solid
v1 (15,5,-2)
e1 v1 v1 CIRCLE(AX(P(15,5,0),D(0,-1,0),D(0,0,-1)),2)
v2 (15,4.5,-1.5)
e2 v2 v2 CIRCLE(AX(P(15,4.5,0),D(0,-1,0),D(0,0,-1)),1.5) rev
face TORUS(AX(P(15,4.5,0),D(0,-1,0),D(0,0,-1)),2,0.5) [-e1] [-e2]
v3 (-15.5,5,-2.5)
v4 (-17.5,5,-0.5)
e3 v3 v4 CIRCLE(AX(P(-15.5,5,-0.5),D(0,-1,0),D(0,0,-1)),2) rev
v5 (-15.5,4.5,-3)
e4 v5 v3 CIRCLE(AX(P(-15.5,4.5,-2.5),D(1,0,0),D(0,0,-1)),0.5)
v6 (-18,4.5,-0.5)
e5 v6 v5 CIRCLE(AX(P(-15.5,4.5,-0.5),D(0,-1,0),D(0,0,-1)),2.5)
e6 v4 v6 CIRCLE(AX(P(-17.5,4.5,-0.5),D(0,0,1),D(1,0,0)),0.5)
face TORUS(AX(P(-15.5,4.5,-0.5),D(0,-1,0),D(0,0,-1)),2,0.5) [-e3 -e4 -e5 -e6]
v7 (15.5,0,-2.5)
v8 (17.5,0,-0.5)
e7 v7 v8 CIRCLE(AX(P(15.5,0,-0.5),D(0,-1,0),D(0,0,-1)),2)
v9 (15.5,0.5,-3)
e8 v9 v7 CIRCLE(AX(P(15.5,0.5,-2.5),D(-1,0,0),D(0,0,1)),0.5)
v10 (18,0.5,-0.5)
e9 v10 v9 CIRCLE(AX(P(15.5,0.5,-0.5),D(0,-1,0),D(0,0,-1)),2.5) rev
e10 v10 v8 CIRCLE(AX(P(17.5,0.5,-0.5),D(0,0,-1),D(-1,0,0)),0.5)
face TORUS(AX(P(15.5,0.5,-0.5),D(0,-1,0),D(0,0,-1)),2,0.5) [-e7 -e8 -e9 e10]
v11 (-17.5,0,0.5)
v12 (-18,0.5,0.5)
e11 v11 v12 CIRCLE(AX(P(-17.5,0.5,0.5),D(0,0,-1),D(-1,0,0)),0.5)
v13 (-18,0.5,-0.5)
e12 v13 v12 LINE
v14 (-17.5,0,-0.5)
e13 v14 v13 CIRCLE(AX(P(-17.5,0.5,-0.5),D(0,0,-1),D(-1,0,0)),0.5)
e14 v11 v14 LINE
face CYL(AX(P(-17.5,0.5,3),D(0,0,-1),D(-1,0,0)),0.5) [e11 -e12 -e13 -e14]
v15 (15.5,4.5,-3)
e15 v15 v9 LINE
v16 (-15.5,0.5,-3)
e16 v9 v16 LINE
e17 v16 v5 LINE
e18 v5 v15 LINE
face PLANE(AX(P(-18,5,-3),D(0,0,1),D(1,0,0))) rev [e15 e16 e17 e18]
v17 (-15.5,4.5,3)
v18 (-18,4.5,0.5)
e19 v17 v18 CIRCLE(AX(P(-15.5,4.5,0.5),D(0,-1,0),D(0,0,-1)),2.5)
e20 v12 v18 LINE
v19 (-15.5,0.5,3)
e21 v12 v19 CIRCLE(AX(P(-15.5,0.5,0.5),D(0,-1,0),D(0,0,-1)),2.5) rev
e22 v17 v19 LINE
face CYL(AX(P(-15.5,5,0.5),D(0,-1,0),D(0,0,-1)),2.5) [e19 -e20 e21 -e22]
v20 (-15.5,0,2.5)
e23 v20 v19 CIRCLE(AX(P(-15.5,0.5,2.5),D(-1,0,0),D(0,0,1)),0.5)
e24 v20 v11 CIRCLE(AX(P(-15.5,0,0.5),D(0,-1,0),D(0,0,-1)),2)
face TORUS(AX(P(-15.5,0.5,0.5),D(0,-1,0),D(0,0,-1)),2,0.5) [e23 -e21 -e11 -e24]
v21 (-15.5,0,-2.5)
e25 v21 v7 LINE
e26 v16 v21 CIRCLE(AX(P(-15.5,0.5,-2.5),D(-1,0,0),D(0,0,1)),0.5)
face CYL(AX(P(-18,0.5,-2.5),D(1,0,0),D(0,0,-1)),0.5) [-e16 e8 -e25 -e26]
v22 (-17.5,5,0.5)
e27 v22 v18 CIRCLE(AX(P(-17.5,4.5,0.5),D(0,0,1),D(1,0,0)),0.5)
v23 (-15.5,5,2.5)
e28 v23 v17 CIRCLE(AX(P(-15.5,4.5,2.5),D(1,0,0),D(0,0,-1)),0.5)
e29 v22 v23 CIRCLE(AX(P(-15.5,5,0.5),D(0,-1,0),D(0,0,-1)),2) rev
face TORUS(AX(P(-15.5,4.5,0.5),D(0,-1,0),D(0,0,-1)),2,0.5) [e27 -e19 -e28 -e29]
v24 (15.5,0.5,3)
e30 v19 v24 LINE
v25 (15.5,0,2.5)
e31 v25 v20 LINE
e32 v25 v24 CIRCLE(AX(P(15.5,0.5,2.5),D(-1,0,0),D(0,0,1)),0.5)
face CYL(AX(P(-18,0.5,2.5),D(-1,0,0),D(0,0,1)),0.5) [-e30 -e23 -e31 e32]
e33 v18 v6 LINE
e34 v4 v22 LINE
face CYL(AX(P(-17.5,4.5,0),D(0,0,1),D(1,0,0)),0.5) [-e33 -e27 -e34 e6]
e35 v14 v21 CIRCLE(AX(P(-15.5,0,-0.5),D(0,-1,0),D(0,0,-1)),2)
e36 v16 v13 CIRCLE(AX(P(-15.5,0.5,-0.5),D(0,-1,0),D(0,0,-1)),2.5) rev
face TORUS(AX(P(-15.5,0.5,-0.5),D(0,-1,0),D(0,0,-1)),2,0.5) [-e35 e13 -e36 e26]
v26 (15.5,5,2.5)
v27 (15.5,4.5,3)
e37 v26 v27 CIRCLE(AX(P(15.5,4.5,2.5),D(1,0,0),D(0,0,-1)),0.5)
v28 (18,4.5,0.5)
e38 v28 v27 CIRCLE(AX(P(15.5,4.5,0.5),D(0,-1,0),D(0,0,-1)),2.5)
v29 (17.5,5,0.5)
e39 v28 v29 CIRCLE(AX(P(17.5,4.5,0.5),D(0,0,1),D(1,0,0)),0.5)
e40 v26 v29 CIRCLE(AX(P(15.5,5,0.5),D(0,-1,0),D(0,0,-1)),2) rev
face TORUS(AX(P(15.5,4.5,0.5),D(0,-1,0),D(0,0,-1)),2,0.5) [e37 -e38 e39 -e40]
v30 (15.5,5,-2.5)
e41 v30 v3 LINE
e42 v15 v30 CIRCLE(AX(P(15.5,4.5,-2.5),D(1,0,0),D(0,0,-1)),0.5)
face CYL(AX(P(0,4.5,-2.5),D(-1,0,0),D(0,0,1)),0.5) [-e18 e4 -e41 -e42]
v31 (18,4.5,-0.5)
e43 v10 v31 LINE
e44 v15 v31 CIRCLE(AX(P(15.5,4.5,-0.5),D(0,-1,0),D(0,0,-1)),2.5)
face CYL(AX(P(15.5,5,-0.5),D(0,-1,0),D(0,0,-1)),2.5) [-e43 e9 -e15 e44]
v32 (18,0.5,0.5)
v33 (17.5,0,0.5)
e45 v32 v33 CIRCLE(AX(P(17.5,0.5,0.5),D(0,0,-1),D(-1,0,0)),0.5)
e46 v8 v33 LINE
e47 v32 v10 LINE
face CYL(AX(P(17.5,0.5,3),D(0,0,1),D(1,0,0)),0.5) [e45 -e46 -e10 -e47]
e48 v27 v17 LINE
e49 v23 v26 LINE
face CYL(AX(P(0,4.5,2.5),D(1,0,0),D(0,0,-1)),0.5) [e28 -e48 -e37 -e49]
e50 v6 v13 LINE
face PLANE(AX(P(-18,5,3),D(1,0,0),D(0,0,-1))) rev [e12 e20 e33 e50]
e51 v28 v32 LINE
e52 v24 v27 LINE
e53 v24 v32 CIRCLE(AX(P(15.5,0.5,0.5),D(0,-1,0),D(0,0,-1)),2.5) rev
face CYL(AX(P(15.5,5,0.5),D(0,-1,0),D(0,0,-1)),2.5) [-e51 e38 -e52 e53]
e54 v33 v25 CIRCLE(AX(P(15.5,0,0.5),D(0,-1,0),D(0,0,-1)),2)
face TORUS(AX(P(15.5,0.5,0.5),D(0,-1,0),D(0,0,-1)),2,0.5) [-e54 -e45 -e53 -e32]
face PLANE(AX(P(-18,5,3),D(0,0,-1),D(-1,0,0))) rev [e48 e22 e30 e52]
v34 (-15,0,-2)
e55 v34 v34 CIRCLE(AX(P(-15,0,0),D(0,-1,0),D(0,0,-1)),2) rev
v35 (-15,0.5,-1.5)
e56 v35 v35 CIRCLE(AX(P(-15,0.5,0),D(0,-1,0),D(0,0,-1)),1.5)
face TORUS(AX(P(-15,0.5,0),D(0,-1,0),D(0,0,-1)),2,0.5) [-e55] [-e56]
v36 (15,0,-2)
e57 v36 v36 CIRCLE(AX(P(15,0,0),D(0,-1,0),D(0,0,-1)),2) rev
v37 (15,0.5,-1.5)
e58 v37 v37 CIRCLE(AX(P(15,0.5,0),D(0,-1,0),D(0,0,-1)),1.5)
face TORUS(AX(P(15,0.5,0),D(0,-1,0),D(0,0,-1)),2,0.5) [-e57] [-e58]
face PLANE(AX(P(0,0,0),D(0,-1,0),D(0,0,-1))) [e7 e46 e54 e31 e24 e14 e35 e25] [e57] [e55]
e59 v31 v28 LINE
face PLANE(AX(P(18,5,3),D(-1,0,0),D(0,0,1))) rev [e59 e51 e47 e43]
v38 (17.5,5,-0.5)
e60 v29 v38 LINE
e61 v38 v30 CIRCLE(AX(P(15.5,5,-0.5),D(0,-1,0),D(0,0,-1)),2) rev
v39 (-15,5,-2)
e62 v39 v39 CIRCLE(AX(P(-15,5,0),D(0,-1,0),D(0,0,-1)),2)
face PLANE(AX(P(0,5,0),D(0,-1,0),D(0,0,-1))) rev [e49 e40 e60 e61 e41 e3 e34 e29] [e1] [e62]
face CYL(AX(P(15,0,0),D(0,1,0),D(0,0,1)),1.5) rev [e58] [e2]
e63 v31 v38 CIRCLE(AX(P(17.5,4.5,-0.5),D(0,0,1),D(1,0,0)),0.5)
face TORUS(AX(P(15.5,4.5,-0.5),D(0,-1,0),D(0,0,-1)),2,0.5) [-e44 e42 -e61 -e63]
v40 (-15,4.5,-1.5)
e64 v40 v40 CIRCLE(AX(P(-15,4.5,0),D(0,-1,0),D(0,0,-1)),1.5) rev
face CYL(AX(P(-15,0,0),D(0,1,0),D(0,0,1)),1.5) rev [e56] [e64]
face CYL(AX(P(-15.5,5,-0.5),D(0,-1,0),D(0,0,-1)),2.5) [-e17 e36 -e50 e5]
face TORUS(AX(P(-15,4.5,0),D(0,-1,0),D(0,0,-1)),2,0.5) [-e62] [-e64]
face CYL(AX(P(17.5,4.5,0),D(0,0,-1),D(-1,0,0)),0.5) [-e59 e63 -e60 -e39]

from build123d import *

# Parameters (mm, degrees)
SKETCH1_W           = 36
SKETCH1_H           = 6
BOSS_EXTRUDE1_DEPTH = 5
SKETCH2_R           = 1.5
CUT_EXTRUDE1_DEPTH  = 19.920887928
FILLET1_R           = 2.5
FILLET2_R           = 0.5


with BuildPart() as part:
    # Sketch1 → Boss-Extrude1 (new body)
    with BuildSketch(Plane(origin=(0, 0, 0), x_dir=(1, 0, 0), z_dir=(0, 1, 0))):
        Rectangle(SKETCH1_W, SKETCH1_H)
    extrude(amount=BOSS_EXTRUDE1_DEPTH)

    # Sketch2 → Cut-Extrude1 (cut, through all)
    with BuildSketch(Plane(origin=(0, 5, 0), x_dir=(1, 0, 0), z_dir=(0, 1, 0))):
        with Locations(Location((-15, 0, 0), (0, 0, 270))):
            Circle(SKETCH2_R)
        with Locations(Location((15, 0, 0), (0, 0, 270))):
            Circle(SKETCH2_R)
    extrude(amount=-CUT_EXTRUDE1_DEPTH, mode=Mode.SUBTRACT)

    # Fillet1
    fillet1_edges = [part.edges().sort_by_distance(p)[0] for p in [
        (18, 2.5, 3),
        (-18, 2.5, 3),
        (-18, 2.5, -3),
        (18, 2.5, -3),
    ]]
    fillet(fillet1_edges, radius=FILLET1_R)

    # Fillet2
    fillet2_edges = [part.edges().sort_by_distance(p)[0] for p in [
        (-15, 0, -1.5),
        (-15, 5, -1.5),
        (15, 0, -1.5),
        (15, 5, -1.5),
        (0, 0, -3),
        (0, 5, -3),
        (18, 0, 0),
        (0, 0, 3),
        (-18, 0, 0),
        (-17.267766953, 0, 2.267766953),
        (-17.267766953, 0, -2.267766953),
        (17.267766953, 0, 2.267766953),
        (17.267766953, 0, -2.267766953),
        (18, 5, 0),
        (-18, 5, 0),
        (0, 5, 3),
        (-17.267766953, 5, 2.267766953),
        (-17.267766953, 5, -2.267766953),
        (17.267766953, 5, 2.267766953),
        (17.267766953, 5, -2.267766953),
    ]]
    fillet(fillet2_edges, radius=FILLET2_R)


solid = part.part
